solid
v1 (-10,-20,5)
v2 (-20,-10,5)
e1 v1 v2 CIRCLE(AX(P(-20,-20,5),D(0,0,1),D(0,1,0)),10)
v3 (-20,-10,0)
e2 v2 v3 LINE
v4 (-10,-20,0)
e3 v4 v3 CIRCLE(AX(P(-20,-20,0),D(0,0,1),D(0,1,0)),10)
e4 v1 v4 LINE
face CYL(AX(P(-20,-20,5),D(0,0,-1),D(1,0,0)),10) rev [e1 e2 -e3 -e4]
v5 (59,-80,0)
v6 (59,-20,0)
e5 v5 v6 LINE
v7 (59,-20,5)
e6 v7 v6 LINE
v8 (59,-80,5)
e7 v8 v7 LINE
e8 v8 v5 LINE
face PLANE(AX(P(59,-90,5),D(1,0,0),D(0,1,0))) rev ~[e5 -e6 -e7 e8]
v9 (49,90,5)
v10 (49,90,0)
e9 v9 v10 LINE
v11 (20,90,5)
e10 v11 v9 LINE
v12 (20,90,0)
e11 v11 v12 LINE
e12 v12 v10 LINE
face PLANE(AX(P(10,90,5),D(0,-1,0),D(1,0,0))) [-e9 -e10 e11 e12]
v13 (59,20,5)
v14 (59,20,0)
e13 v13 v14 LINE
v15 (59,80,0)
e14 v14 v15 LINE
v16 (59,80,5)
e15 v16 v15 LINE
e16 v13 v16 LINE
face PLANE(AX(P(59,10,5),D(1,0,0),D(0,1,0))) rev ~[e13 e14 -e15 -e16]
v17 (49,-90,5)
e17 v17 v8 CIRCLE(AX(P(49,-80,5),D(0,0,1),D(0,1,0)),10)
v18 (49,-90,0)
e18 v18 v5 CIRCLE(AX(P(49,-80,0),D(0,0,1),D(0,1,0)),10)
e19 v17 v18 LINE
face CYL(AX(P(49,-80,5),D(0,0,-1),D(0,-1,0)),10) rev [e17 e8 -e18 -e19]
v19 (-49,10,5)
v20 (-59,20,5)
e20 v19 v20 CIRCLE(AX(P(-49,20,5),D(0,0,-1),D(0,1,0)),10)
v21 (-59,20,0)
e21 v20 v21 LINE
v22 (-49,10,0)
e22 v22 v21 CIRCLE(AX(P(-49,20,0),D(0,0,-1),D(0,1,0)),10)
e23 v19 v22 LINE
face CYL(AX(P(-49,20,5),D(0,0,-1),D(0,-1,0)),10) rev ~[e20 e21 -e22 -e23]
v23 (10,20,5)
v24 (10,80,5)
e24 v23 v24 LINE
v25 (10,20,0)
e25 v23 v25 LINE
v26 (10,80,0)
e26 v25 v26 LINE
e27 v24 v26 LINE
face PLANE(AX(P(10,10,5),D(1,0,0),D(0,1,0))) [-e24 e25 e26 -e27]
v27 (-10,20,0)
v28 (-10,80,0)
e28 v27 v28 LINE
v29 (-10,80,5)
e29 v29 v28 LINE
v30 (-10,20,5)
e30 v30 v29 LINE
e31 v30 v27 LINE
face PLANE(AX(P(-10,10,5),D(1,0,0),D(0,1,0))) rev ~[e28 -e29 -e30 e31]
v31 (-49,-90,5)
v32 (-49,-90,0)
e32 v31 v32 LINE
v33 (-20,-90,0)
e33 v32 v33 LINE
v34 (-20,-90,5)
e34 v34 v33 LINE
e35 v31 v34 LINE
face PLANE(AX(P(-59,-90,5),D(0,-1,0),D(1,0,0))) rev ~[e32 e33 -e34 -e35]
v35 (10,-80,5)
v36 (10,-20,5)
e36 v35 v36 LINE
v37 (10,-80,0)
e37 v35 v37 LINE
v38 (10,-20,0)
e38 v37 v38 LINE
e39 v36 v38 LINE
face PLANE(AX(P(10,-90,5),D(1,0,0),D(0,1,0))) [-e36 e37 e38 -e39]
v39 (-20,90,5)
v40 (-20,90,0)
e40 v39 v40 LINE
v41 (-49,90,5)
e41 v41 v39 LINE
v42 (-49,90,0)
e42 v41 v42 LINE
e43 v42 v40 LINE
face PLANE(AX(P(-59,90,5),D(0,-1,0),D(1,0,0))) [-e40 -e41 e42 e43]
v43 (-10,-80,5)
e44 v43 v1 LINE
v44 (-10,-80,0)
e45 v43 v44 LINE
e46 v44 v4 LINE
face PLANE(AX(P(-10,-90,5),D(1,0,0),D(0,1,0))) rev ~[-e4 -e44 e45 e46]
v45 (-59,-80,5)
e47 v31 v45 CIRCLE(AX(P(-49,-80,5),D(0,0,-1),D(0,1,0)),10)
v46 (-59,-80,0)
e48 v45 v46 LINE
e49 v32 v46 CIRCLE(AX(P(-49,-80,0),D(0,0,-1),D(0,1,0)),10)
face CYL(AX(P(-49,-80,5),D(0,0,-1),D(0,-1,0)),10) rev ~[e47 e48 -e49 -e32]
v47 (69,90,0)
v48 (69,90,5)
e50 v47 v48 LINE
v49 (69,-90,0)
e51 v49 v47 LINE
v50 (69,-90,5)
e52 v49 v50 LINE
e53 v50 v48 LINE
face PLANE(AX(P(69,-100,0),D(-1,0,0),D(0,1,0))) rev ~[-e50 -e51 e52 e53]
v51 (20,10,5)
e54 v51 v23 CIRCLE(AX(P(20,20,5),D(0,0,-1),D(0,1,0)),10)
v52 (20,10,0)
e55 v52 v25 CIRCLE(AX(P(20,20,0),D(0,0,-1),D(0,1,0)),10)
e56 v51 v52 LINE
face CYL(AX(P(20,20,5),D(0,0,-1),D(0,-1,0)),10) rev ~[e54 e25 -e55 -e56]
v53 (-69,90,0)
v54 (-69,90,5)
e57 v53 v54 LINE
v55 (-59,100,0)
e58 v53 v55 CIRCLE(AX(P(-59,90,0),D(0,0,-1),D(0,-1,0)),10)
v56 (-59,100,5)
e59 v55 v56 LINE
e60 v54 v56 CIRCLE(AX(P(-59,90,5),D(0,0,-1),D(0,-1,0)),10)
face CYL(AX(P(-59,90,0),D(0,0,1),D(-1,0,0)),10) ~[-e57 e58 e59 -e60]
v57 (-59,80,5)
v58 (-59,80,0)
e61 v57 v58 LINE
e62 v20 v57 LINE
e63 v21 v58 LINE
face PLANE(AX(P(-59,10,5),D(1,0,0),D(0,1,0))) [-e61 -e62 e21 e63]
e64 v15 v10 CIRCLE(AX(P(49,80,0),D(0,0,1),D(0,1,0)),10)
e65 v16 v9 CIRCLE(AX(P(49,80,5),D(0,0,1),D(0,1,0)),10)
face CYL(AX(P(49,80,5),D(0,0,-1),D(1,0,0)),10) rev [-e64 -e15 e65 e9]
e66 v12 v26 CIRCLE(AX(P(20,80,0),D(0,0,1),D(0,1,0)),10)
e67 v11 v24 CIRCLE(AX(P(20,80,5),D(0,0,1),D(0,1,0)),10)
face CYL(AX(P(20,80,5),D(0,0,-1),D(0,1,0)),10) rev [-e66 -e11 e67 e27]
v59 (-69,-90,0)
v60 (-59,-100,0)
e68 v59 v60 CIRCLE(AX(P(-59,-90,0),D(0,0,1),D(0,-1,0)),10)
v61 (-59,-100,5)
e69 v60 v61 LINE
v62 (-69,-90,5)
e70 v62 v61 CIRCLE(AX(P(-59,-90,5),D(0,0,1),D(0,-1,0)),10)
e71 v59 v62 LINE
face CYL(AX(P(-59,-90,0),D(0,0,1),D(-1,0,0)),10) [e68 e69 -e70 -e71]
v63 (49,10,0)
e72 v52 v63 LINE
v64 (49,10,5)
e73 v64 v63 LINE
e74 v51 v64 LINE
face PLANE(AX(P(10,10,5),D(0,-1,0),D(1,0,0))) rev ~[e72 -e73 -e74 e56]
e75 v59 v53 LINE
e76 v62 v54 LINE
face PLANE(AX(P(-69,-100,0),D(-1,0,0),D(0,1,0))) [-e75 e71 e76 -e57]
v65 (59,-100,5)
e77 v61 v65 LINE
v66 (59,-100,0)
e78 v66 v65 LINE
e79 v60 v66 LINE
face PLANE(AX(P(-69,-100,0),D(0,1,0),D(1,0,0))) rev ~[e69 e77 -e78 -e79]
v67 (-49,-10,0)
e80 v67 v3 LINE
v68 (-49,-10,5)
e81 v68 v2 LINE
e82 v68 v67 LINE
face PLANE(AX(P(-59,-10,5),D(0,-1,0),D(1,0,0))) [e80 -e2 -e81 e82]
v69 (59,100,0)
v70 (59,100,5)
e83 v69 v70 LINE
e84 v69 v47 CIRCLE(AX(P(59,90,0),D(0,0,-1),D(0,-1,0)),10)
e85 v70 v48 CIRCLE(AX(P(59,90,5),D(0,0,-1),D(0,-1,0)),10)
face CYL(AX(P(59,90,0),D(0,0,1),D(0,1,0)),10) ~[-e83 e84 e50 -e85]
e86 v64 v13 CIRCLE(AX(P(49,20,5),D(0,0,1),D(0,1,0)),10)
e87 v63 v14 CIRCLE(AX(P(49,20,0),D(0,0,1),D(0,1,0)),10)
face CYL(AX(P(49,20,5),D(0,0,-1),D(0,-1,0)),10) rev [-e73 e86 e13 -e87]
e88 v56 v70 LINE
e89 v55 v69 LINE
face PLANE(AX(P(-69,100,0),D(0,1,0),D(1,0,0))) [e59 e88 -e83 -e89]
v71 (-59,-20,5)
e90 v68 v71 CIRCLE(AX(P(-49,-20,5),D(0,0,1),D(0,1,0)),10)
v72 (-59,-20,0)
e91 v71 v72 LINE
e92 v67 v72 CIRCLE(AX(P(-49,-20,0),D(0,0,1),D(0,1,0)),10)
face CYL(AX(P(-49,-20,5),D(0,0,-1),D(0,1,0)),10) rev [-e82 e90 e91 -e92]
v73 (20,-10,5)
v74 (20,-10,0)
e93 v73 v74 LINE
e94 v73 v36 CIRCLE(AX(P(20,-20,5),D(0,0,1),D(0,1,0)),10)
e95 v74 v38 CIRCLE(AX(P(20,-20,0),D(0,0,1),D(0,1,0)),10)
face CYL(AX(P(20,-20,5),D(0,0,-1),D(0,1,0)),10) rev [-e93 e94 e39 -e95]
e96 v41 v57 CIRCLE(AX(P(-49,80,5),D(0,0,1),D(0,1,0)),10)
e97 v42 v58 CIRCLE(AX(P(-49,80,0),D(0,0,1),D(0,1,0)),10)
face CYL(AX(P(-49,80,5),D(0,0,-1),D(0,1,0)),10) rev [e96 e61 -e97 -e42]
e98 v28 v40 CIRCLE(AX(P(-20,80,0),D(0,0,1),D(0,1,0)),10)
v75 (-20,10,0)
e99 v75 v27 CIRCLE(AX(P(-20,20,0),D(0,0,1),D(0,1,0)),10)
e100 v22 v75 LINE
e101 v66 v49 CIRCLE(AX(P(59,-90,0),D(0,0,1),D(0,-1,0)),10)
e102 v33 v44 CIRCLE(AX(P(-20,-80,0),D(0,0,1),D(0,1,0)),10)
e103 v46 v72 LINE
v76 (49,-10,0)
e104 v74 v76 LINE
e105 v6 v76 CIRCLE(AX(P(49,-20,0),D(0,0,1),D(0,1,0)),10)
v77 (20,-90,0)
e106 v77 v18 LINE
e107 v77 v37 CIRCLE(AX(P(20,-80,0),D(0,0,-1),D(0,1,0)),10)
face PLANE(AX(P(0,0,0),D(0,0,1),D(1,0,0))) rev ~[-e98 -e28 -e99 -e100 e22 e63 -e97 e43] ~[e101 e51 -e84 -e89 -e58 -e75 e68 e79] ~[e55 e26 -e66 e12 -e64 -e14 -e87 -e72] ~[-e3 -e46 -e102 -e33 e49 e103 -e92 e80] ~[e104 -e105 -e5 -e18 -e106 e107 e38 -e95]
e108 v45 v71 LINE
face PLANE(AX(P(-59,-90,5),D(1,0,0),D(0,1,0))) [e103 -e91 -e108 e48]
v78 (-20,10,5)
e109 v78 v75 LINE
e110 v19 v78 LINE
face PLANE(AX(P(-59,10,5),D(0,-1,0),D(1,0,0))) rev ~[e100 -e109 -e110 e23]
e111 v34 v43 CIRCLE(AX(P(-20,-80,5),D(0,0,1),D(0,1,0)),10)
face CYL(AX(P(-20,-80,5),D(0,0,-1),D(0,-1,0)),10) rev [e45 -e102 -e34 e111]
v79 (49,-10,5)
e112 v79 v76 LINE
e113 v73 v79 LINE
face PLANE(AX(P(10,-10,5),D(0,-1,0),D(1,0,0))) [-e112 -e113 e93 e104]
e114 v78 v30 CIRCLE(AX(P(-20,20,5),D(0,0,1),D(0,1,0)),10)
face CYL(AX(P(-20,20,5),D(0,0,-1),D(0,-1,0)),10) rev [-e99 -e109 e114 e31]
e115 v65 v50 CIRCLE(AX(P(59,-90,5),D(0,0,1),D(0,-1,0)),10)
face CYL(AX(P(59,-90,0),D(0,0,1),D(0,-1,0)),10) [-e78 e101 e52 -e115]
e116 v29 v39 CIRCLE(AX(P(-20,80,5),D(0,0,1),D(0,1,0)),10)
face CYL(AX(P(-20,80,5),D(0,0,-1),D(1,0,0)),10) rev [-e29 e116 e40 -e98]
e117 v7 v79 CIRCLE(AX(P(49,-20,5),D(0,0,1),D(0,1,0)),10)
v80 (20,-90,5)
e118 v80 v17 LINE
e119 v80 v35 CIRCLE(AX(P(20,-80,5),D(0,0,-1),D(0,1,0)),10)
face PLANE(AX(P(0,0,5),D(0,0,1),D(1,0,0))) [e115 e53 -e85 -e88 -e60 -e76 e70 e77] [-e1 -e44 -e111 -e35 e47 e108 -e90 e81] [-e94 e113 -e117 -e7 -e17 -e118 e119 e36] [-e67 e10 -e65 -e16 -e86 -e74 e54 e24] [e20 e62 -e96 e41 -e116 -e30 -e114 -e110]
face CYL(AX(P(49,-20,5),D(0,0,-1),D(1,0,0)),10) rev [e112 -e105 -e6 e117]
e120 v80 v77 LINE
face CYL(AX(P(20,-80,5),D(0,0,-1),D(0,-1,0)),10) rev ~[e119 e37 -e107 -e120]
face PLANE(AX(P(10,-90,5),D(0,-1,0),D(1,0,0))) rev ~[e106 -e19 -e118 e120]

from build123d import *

# Parameters (mm, degrees)
SKETCH_1_W          = 138
SKETCH_1_H          = 200
EXTRUDE_1_DEPTH     = 5
SKETCH_2_W          = 49
SKETCH_2_H          = 80
CUT_EXTRUDE_2_DEPTH = 5
FILLET_1_R          = 10


with BuildPart() as part:
    # 草图1 → 凸台-拉伸1 (new body)
    with BuildSketch(Plane.XY):
        Rectangle(SKETCH_1_W, SKETCH_1_H)
    extrude(amount=EXTRUDE_1_DEPTH)

    # 草图2 → 切除-拉伸2 (cut)
    with BuildSketch(Plane.XY.offset(5)):
        with Locations((34.5, 50)):
            Rectangle(SKETCH_2_W, SKETCH_2_H)
        with Locations((-34.5, 50)):
            Rectangle(SKETCH_2_W, SKETCH_2_H)
        with Locations((34.5, -50)):
            Rectangle(SKETCH_2_W, SKETCH_2_H)
        with Locations((-34.5, -50)):
            Rectangle(SKETCH_2_W, SKETCH_2_H)
    extrude(amount=-CUT_EXTRUDE_2_DEPTH, mode=Mode.SUBTRACT)

    # 圆角1
    fillet_1_edges = [part.edges().sort_by_distance(p)[0] for p in [
        (-10, 90, 2.5),
        (-10, 10, 2.5),
        (-59, 10, 2.5),
        (-59, 90, 2.5),
        (10, -90, 2.5),
        (10, -10, 2.5),
        (59, -10, 2.5),
        (59, -90, 2.5),
        (-10, -90, 2.5),
        (-59, -90, 2.5),
        (-59, -10, 2.5),
        (-10, -10, 2.5),
        (10, 10, 2.5),
        (10, 90, 2.5),
        (59, 90, 2.5),
        (59, 10, 2.5),
        (-69, 100, 2.5),
        (69, 100, 2.5),
        (69, -100, 2.5),
        (-69, -100, 2.5),
    ]]
    fillet(fillet_1_edges, radius=FILLET_1_R)


solid = part.part
